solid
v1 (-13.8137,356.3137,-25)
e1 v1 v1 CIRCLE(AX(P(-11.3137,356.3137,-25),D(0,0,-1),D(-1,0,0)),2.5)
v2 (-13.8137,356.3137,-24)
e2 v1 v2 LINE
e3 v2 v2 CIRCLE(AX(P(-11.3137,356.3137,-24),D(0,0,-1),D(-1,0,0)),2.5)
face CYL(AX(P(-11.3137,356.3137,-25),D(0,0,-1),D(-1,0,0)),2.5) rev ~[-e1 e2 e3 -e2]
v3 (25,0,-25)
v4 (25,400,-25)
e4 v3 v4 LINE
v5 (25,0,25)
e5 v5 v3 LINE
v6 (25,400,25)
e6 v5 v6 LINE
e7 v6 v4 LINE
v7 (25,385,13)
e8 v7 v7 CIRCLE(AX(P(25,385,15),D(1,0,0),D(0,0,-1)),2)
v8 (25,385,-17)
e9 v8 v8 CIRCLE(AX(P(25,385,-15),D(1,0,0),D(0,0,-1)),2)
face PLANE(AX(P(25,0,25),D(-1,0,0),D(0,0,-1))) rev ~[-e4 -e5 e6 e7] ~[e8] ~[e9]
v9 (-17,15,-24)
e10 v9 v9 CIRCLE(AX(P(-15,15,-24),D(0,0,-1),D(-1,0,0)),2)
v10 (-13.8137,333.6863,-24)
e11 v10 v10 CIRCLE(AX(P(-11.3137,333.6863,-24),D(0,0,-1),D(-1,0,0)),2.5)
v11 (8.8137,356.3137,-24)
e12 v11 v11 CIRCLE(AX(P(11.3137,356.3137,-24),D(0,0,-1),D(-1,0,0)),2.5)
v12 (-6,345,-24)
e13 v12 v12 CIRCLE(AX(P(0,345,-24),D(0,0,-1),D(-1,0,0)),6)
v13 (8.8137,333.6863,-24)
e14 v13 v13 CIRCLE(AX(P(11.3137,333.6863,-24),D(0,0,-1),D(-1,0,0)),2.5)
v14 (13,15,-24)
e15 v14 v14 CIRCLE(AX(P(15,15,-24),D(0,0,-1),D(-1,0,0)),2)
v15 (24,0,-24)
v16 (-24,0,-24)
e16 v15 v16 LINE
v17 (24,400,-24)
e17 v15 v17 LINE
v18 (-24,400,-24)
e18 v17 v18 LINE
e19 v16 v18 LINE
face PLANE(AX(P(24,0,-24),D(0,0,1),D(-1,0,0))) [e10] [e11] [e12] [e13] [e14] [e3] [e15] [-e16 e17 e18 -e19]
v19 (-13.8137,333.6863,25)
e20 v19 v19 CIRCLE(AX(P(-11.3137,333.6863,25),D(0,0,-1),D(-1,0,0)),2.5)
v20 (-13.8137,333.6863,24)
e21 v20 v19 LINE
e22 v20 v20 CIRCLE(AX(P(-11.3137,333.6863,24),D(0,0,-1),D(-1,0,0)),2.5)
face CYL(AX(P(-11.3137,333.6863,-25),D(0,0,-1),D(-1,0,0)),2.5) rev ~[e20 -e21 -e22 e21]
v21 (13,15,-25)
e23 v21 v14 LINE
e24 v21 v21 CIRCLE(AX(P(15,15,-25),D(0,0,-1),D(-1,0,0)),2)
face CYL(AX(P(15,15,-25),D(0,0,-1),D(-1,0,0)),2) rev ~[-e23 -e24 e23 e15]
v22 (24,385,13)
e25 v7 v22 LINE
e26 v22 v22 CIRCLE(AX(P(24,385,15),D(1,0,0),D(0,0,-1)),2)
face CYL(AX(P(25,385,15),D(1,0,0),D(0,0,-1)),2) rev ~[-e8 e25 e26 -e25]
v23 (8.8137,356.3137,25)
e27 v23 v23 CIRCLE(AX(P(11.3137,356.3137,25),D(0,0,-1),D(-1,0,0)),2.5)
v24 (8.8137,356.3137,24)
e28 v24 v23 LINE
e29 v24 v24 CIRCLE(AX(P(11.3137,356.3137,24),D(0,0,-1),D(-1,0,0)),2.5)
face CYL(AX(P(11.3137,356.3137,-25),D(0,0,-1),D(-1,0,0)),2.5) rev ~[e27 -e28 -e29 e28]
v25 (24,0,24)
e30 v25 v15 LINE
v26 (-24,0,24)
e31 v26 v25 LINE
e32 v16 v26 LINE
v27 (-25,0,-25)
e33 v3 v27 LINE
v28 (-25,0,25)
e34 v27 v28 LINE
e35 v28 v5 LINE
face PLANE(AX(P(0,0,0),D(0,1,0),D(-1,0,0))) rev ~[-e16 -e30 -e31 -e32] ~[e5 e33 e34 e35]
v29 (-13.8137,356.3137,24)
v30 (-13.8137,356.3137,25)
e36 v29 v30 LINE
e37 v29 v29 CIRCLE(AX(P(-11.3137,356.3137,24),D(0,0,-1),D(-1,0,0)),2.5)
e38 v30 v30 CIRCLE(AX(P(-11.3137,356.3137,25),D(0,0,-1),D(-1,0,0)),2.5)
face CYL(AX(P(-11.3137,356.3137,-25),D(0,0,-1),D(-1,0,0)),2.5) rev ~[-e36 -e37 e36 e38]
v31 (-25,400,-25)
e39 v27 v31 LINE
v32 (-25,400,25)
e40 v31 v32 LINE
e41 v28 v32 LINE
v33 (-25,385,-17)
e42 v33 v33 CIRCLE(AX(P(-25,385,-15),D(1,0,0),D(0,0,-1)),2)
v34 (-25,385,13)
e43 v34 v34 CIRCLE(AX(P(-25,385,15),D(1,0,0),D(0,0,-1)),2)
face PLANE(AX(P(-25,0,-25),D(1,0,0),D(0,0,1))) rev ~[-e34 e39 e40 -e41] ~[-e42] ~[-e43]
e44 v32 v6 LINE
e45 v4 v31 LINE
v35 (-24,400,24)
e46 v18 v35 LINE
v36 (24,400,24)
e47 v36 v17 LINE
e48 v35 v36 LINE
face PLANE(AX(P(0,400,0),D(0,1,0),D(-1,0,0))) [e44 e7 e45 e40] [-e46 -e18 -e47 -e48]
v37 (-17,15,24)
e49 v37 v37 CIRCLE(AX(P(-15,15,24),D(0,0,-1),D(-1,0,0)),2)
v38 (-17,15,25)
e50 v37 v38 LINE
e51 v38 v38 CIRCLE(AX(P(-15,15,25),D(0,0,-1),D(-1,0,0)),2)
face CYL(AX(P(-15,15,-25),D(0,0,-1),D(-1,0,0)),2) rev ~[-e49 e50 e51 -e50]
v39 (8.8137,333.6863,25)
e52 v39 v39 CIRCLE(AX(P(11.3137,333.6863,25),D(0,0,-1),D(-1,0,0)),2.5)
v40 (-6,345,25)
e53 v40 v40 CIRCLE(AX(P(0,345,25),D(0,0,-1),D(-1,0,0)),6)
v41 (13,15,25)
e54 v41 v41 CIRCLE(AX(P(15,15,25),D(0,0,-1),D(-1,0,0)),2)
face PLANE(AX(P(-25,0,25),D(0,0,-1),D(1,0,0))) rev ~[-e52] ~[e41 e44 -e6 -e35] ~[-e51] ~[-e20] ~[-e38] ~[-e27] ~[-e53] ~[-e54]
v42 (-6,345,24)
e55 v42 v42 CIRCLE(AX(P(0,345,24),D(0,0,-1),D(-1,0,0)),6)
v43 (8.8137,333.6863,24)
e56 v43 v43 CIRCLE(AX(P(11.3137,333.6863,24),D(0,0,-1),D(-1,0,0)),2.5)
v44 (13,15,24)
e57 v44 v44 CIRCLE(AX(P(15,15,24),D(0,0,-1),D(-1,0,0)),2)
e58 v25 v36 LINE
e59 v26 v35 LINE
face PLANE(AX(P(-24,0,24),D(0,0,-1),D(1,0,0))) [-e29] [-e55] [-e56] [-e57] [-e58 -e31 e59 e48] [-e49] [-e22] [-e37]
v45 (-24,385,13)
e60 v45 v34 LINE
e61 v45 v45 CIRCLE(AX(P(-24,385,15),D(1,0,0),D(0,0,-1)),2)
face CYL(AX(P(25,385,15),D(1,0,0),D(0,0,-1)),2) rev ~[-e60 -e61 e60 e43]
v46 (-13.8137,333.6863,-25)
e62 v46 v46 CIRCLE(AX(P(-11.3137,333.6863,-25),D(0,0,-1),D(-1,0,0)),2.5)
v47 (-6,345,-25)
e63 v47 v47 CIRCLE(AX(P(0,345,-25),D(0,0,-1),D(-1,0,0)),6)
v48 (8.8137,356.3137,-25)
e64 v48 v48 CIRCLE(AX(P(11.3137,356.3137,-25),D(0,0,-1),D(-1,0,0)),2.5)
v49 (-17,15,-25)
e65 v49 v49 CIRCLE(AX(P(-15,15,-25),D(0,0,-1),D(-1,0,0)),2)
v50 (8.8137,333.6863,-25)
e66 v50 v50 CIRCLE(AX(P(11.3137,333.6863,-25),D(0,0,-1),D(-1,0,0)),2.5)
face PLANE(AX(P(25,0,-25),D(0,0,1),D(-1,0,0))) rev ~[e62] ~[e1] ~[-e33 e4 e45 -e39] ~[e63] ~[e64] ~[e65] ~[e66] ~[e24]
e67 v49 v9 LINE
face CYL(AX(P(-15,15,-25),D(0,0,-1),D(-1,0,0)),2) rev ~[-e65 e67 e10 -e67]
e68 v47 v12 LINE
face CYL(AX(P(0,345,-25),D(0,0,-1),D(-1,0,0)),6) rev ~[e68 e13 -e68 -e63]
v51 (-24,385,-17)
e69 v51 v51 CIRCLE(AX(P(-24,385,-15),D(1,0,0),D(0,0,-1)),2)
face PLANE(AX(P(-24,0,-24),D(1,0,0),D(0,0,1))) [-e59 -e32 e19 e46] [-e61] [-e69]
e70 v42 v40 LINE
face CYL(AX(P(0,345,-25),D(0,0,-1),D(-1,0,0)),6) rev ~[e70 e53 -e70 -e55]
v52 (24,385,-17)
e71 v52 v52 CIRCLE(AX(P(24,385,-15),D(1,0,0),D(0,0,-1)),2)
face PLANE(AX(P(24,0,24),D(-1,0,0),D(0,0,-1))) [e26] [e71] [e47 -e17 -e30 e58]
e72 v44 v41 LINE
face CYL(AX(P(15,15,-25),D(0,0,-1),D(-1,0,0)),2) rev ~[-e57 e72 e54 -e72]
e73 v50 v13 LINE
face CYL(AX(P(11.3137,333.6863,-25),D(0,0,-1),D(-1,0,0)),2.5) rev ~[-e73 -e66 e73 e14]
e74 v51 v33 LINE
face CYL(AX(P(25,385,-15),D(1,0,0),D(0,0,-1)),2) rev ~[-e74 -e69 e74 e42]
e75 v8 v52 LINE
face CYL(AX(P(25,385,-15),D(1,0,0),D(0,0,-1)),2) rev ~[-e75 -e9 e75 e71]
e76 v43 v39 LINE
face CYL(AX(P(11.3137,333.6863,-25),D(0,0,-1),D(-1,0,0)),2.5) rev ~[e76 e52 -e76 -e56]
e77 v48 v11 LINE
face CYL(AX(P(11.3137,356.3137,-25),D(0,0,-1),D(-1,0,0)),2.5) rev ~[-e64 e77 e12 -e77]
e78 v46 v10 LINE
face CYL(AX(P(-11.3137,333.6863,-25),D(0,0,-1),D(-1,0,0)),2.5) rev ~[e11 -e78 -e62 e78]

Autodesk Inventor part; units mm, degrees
ref_plane "YZ Plane" through (0, 0, 0) normal (1, 0, 0) x (0, 1, 0)
ref_plane "XZ Plane" through (0, 0, 0) normal (0, 1, 0) x (-1, 0, 0)
ref_plane "XY Plane" through (0, 0, 0) normal (0, 0, 1) x (1, 0, 0)
sketch "Sketch1" plane through (0, 0, 0) normal (0, 1, 0) x (-1, 0, 0)
  line L0 (25, 25) -> (-25, 25)
  line L1 (-25, 25) -> (-25, -25)
  line L2 (-25, -25) -> (25, -25)
  line L3 (25, -25) -> (25, 25)
  line L4 (25, 25) -> (-25, -25) construction
  line L5 (-25, 25) -> (25, -25) construction
  line L6 (24, 24) -> (-24, 24)
  line L7 (-24, 24) -> (-24, -24)
  line L8 (-24, -24) -> (24, -24)
  line L9 (24, -24) -> (24, 24)
  line L10 (24, 24) -> (-24, -24) construction
  line L11 (-24, 24) -> (24, -24) construction
  point P0 (0, 0)
  dimension "d0" = 50
  dimension "d2" = 48
extrude "Extrusion1" add sketch "Sketch1" along normal blind 400
sketch "Sketch3" plane through (25, 0, -25) normal (0, 0, -1) x (-1, 0, 0)
  line L0 (50, 0) -> (50, 400) projected
  line L1 (0, 0) -> (0, 400) projected
  line L2 (50, 0) -> (50, 400) projected
  line L3 (0, 400) -> (50, 400)
  line L4 (50, 400) -> (50, 370)
  line L5 (50, 370) -> (0, 370)
  line L6 (0, 370) -> (0, 400)
  line L7 (0, 400) -> (50, 370) construction
  line L8 (25, 385) -> (40, 385) construction
  line L9 (25, 385) -> (10, 385) construction
  line L10 (0, 30) -> (50, 30)
  line L11 (50, 30) -> (50, 0)
  line L12 (50, 0) -> (0, 0)
  line L13 (0, 0) -> (0, 30)
  line L14 (0, 30) -> (50, 0) construction
  circle A0 centre (40, 15) radius 2
  line L15 (25, 15) -> (40, 15) construction
  line L16 (25, 15) -> (10, 15) construction
  circle A1 centre (10, 15) radius 2
  line L17 (25, 385) -> (25, 345) construction
  circle A2 centre (25, 345) radius 6
  line L18 (25, 345) -> (36.3137, 333.6863) construction
  line L19 (0, 0) -> (16, 0) construction
  line L20 (25, 345) -> (13.6863, 356.3137) construction
  circle A3 centre (36.3137, 333.6863) radius 2.5
  circle A4 centre (13.6863, 356.3137) radius 2.5
  circle A5 centre (36.3137, 356.3137) radius 2.5
  circle A6 centre (13.6863, 333.6863) radius 2.5
  dimension "d28" = 30
  dimension "d30" = 15
  dimension "d31" = 15
  dimension "d33" = 30
  dimension "d34" = 4
  dimension "d35" = 15
  dimension "d36" = 15
  dimension "d37" = 4
  dimension "d38" = 40
  dimension "d61" = 12
  dimension "d64" = 16
  dimension "d65" = 5
extrude "Extrusion3" cut sketch "Sketch3" against normal blind 50 contours A0 | A1 | A2 | A3 | A4 | A5 | A6
sketch "Sketch5" plane through (25, 0, 25) normal (1, 0, 0) x (0, 0, -1)
  line L0 (0, 400) -> (50, 400)
  line L1 (50, 400) -> (50, 370)
  line L2 (50, 370) -> (0, 370)
  line L3 (0, 370) -> (0, 400)
  line L4 (0, 400) -> (50, 370) construction
  circle A0 centre (40, 385) radius 2
  line L5 (25, 385) -> (40, 385) construction
  line L6 (25, 385) -> (10, 385) construction
  circle A1 centre (10, 385) radius 2
  point P0 (25, 0)
  dimension "d40" = 30
  dimension "d41" = 4
  dimension "d42" = 15
  dimension "d43" = 15
  dimension "d44" = 4
extrude "Extrusion5" cut sketch "Sketch5" against normal blind 50 contours A0 | A1
properties part number "End-Link" material "Aluminum 6061"
